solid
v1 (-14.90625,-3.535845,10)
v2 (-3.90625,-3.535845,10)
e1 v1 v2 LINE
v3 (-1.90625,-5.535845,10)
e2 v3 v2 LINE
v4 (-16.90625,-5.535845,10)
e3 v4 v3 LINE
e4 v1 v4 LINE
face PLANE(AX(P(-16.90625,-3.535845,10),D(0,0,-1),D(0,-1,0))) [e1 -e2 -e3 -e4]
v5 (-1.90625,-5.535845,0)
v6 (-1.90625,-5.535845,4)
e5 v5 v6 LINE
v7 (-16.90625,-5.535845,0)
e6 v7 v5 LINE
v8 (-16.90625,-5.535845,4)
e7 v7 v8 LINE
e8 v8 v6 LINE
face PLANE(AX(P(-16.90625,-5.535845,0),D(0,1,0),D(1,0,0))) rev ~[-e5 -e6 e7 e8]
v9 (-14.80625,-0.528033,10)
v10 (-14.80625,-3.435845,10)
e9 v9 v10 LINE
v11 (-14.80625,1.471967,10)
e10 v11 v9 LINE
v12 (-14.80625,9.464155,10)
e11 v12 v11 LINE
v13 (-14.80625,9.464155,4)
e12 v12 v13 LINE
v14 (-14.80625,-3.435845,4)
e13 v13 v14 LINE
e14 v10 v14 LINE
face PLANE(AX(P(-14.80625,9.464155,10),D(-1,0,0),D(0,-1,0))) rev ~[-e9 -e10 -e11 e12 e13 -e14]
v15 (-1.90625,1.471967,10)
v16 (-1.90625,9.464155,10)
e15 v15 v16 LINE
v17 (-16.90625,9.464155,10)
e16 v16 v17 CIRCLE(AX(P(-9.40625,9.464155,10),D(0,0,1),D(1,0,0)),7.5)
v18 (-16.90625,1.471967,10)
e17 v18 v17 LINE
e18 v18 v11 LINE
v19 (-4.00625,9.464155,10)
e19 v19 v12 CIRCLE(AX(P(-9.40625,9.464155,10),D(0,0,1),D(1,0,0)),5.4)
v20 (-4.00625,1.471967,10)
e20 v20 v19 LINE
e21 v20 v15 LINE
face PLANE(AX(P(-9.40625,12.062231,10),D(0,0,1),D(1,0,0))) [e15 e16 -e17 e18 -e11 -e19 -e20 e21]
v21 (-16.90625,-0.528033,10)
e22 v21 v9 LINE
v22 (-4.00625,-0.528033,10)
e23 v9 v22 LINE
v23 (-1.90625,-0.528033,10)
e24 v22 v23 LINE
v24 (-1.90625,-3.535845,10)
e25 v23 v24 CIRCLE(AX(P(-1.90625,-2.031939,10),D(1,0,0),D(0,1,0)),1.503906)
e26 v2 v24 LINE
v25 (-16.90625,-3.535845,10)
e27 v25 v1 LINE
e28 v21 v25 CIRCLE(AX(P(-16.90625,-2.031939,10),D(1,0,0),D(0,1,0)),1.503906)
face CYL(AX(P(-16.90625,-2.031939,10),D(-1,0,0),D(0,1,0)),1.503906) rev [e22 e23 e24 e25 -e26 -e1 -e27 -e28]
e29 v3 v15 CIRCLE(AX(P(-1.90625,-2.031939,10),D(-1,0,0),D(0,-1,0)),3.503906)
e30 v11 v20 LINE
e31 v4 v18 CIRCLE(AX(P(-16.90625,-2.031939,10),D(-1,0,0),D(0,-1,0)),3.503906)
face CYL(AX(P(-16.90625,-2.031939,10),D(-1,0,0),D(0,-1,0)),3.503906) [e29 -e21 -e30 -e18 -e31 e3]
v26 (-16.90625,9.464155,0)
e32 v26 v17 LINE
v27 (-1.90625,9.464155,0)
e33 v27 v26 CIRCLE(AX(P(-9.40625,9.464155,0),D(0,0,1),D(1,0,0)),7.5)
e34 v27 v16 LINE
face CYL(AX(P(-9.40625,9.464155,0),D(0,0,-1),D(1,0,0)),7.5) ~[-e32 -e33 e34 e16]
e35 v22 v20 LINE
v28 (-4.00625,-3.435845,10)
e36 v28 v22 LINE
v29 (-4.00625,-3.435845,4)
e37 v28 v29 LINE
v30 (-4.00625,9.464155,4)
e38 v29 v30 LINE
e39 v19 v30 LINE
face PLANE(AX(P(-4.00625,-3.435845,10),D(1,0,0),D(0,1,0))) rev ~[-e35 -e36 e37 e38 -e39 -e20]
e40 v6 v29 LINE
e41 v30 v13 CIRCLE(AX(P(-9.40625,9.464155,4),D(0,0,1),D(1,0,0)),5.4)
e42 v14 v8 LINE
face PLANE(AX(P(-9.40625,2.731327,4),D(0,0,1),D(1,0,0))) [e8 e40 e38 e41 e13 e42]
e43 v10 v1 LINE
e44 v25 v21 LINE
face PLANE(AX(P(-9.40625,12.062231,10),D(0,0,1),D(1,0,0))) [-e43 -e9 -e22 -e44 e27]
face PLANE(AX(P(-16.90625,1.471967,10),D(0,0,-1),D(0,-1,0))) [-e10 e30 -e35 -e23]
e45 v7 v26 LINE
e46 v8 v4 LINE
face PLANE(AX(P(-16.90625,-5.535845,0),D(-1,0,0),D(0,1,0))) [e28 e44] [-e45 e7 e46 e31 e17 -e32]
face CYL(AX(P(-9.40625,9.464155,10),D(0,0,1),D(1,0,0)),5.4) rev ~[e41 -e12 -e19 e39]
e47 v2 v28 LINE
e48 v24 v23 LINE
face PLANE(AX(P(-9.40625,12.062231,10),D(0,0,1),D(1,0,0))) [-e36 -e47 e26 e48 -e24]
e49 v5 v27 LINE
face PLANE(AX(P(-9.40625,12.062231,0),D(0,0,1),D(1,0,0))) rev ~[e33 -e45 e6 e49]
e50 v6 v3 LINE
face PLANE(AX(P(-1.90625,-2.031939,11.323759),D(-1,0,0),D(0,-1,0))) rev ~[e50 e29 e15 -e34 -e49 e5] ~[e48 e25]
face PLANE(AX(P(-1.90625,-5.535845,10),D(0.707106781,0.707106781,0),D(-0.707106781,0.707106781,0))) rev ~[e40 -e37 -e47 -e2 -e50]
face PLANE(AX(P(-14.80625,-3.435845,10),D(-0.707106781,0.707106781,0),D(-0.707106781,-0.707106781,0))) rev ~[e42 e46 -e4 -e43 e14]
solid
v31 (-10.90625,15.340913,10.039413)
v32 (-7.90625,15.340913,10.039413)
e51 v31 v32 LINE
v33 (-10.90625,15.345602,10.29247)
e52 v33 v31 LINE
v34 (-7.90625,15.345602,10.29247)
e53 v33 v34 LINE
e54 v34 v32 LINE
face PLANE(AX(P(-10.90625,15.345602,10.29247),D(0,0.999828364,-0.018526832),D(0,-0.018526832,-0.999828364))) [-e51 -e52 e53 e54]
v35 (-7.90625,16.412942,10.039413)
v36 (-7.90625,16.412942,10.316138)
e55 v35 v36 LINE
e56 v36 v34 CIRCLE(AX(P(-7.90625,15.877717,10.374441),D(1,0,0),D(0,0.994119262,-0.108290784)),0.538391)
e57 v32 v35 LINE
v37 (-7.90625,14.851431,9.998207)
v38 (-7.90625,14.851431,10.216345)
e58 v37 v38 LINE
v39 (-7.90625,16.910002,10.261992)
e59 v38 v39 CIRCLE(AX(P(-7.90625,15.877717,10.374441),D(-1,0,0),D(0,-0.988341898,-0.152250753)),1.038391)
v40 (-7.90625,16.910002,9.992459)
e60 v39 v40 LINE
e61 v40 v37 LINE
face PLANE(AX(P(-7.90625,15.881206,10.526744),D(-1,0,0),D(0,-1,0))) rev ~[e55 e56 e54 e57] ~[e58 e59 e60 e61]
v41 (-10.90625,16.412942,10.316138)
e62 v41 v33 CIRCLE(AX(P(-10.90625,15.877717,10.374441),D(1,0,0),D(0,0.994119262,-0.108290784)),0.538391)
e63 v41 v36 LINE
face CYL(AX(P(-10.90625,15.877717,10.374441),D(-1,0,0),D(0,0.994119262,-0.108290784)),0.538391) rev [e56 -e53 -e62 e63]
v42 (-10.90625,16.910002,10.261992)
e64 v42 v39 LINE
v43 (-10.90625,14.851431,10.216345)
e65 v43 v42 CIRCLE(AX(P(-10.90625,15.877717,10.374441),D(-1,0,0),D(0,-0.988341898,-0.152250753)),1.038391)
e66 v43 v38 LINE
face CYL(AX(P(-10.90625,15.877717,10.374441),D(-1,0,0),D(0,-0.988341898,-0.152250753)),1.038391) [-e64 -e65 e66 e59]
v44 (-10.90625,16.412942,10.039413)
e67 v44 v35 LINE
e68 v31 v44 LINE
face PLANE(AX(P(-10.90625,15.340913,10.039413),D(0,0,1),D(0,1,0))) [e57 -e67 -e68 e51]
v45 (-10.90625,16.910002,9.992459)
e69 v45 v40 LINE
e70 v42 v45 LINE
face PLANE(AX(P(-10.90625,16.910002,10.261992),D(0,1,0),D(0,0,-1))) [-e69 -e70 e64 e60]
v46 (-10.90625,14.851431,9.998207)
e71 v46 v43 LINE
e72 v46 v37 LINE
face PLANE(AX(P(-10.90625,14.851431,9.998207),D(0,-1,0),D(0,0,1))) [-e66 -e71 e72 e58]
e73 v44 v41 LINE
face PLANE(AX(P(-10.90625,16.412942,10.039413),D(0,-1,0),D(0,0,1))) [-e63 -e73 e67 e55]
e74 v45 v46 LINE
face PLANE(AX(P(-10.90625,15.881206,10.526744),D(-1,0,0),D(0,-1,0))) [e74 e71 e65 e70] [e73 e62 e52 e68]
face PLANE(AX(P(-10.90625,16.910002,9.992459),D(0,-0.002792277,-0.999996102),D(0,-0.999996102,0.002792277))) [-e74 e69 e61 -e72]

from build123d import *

# Parameters (mm, degrees)
F0_W     = 15
F0_H     = 15
F1_DEPTH = 10
F3_DEPTH = 6
F5_DEPTH = 15
F8_DEPTH = 3


with BuildPart() as f1:
    # F0 (on Top) → F1 (new body)
    with BuildSketch(Plane.XY):
        with BuildLine():
            ThreePointArc((-1.906250203, 9.464154976), (-9.406250203, 16.964154976), (-16.906250203, 9.464154976))
            Line((-16.906250203, 9.464154976), (-1.906250203, 9.464154976))
        make_face()
        with Locations((-9.406250203, 1.964154976)):
            Rectangle(F0_W, F0_H)
    extrude(amount=F1_DEPTH)

    # F2 (on face) → F3 (cut)
    with BuildSketch(Plane.XY.offset(10)):
        with BuildLine():
            ThreePointArc((-4.006250203, 9.464154976), (-9.406250203, 14.864154976), (-14.806250203, 9.464154976))
            Line((-14.806250203, 9.464154976), (-14.806250203, -3.435845024))
            Line((-14.806250203, -3.435845024), (-16.906250203, -5.535845024))
            Line((-16.906250203, -5.535845024), (-1.906250203, -5.535845024))
            Line((-1.906250203, -5.535845024), (-4.006250203, -3.435845024))
            Line((-4.006250203, -3.435845024), (-4.006250203, 9.464154976))
        make_face()
    extrude(amount=-F3_DEPTH, mode=Mode.SUBTRACT)

    # F4 (on face) → F5 (join, through all)
    with BuildSketch(Plane(origin=(-16.906250203, 0, 0), x_dir=(0, -1, 0), z_dir=(-1, 0, 0))):
        with BuildLine():
            Line((3.5358449577, 10), (5.535845024, 10))
            ThreePointArc((5.535845024, 10), (2.0319389684, 13.5039060556), (-1.4719670871, 10))
            Line((-1.4719670871, 10), (0.5280329792, 10))
            ThreePointArc((0.5280329792, 10), (2.0319389684, 11.5039059892), (3.5358449577, 10))
        make_face()
    extrude(amount=-F5_DEPTH)


with BuildPart() as f8:
    # F7 (on offset) → F8 (new body)
    with BuildSketch(Plane(origin=(-10.906250203, 0, 0), x_dir=(0, -1, 0), z_dir=(-1, 0, 0))):
        with BuildLine():
            Line((-14.8514312825, 9.9982069805), (-14.8514312825, 10.2163447095))
            ThreePointArc((-14.8514312825, 10.2163447095), (-15.854696957, 11.4125768297), (-16.9100019791, 10.2619923655))
            Line((-16.9100019791, 10.2619923655), (-16.9100019791, 9.9924588576))
            Line((-16.9100019791, 9.9924588576), (-14.8514312825, 9.9982069805))
        make_face()
        with BuildLine():
            ThreePointArc((-16.4129423483, 10.3161377574), (-15.865781453, 10.9126997109), (-15.3456022317, 10.2924700861))
            Line((-15.3456022317, 10.2924700861), (-15.3409130871, 10.0394133478))
            Line((-15.3409130871, 10.0394133478), (-16.4129423483, 10.0394133478))
            Line((-16.4129423483, 10.0394133478), (-16.4129423483, 10.3161377574))
        make_face(mode=Mode.SUBTRACT)
    extrude(amount=-F8_DEPTH)


solid = Compound([f1.part, f8.part])
